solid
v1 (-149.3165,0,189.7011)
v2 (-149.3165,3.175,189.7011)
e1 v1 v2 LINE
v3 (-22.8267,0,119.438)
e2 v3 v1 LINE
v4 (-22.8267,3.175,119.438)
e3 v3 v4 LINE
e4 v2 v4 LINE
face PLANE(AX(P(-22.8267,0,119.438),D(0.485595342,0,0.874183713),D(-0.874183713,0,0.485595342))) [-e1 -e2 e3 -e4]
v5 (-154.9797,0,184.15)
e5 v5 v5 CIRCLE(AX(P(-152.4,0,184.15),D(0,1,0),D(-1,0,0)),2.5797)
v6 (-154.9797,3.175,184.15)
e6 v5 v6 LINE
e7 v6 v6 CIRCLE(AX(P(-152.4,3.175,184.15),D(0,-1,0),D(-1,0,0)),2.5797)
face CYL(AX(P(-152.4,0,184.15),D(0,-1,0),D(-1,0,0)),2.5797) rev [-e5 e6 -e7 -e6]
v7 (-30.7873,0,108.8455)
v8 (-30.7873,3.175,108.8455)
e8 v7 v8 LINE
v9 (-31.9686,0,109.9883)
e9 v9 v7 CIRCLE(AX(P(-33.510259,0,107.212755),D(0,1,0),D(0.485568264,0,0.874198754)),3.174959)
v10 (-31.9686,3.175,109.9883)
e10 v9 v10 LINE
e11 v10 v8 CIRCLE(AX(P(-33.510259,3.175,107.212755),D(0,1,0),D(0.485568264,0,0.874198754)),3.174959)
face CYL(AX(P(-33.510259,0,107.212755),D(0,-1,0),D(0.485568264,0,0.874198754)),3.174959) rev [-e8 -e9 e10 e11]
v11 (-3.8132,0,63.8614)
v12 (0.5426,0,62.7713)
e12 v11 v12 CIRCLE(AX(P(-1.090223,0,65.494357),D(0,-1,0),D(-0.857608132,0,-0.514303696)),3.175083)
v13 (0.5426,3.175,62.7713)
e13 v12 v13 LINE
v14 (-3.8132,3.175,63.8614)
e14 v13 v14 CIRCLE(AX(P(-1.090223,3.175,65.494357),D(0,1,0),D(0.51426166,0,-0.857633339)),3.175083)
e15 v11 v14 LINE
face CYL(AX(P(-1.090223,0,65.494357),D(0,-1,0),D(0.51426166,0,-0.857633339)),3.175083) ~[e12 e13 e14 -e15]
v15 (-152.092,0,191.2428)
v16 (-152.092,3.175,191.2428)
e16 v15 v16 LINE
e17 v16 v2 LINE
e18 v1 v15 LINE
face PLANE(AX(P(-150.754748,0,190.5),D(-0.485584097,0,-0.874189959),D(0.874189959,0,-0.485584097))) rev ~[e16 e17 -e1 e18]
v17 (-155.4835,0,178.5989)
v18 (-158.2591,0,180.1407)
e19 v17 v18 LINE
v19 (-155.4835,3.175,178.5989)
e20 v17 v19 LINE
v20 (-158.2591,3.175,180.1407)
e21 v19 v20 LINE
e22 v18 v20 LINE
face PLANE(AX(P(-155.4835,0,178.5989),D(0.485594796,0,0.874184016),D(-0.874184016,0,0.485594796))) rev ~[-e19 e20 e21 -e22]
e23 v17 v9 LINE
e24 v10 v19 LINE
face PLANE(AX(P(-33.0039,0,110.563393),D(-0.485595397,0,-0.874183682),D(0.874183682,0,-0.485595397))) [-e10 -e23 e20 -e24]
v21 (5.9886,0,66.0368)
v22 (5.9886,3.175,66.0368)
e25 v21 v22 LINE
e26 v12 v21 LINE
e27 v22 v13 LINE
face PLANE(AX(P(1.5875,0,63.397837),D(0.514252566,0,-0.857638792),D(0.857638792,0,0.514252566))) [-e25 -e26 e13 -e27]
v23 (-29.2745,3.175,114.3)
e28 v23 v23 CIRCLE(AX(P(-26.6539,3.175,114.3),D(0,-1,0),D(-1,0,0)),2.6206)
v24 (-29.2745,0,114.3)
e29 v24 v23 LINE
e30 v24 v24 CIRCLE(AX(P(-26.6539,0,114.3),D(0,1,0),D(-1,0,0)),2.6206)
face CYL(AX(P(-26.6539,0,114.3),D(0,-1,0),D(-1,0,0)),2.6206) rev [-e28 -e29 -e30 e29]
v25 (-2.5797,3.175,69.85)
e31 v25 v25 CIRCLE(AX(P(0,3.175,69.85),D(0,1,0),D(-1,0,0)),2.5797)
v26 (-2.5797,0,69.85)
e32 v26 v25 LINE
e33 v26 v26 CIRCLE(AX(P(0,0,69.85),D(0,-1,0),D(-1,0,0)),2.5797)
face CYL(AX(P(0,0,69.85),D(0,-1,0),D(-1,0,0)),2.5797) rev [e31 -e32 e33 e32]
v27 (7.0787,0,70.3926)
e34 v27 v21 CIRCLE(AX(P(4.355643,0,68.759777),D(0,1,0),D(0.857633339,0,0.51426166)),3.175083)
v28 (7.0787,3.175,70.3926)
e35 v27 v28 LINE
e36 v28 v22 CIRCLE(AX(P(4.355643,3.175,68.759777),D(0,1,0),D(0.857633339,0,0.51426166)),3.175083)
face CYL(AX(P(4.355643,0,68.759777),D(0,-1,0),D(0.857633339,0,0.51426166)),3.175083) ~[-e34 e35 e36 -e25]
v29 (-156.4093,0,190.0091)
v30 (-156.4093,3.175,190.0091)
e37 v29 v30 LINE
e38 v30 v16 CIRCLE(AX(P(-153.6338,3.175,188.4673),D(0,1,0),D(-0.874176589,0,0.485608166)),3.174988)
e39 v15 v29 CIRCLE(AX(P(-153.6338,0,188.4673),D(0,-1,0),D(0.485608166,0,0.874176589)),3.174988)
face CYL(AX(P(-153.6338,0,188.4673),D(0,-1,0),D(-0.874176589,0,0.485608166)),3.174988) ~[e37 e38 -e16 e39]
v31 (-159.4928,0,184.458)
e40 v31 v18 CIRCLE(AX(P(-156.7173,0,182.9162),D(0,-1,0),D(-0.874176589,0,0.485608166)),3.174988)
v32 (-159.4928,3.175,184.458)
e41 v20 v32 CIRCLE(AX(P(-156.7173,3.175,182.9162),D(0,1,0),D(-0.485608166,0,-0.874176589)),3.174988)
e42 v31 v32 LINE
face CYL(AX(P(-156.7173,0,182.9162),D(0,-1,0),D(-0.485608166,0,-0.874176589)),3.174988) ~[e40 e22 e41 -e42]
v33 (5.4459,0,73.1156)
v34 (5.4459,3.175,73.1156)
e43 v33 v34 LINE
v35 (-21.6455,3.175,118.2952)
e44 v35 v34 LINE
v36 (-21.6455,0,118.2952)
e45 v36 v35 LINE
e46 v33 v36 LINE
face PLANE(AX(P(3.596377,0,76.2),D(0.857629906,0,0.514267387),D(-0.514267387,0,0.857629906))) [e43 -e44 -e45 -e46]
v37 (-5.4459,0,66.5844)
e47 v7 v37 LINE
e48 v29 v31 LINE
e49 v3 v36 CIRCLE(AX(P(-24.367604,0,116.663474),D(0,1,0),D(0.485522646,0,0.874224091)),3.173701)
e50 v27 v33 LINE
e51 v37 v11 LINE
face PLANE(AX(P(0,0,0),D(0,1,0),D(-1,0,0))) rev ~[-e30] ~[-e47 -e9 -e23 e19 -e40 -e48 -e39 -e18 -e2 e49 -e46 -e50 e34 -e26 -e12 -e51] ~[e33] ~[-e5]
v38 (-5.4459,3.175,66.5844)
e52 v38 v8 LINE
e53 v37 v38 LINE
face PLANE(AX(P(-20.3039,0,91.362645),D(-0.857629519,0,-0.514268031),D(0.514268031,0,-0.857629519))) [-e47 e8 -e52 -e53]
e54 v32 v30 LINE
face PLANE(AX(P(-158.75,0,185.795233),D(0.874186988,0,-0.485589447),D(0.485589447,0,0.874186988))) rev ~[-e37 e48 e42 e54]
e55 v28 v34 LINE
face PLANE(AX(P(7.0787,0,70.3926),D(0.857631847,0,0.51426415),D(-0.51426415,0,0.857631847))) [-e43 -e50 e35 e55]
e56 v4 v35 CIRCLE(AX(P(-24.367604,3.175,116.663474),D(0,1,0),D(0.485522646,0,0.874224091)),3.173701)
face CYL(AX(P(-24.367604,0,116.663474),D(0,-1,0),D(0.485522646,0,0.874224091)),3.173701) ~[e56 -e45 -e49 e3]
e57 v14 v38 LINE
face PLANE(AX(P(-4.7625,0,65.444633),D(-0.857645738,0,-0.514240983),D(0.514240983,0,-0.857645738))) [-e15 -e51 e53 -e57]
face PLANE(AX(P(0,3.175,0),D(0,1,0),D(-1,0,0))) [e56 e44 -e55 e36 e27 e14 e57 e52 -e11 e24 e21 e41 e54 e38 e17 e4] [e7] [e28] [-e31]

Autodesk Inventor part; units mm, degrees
ref_plane "YZ Plane" through (0, 0, 0) normal (1, 0, 0) x (0, 1, 0)
ref_plane "XZ Plane" through (0, 0, 0) normal (0, 1, 0) x (-1, 0, 0)
ref_plane "XY Plane" through (0, 0, 0) normal (0, 0, 1) x (1, 0, 0)
sketch "Sketch1" plane through (0, 0, 0) normal (0, 1, 0) x (-1, 0, 0)
  line L0 (0, 76.2) -> (0, -76.2)
  line L1 (270.7338, 0) -> (-270.7338, 0)
  circle A0 centre (0, 69.85) radius 2.5797
  circle A1 centre (0, 44.45) radius 2.5797
  circle A2 centre (152.4, 158.75) radius 2.5797
  line L2 (158.75, 139.7) -> (158.75, 152.4)
  line L3 (158.75, 152.4) -> (273.05, 152.4)
  line L4 (273.05, 152.4) -> (273.05, 139.7)
  line L5 (273.05, 139.7) -> (158.75, 139.7)
  line L6 (146.05, 155.575) -> (158.75, 155.575)
  line L7 (158.75, 155.575) -> (158.75, 190.5)
  line L8 (158.75, 190.5) -> (146.05, 190.5)
  line L9 (146.05, 190.5) -> (146.05, 155.575)
  line L10 (158.75, 152.4) -> (273.05, 152.4)
  line L11 (273.05, 152.4) -> (273.05, 155.575)
  line L12 (273.05, 155.575) -> (158.75, 155.575)
  line L13 (158.75, 155.575) -> (158.75, 152.4)
  line L14 (158.75, 190.5) -> (273.05, 155.575)
  line L15 (266.7, 157.5153) -> (266.7, 155.575)
  circle A3 centre (152.4, 184.15) radius 2.5797
  circle A4 centre (152.4, 158.75) radius 2.5797
  line L16 (158.75, 155.575) -> (146.05, 155.575)
  line L17 (146.05, 155.575) -> (146.05, 152.4)
  line L18 (146.05, 152.4) -> (158.75, 152.4)
  line L19 (158.75, 152.4) -> (158.75, 155.575)
  line L20 (1.5875, 76.2) -> (-4.7625, 76.2)
  line L21 (-4.7625, 76.2) -> (-4.7625, -76.2)
  line L22 (-4.7625, -76.2) -> (1.5875, -76.2)
  line L23 (4.7625, -73.025) -> (4.7625, -41.275)
  line L24 (1.5875, -76.2) -> (1.5875, 76.2)
  line L25 (-1.5875, -76.2) -> (-1.5875, 76.2)
  circle A5 centre (0, -44.45) radius 2.5797
  circle A6 centre (0, -69.85) radius 2.5797
  line L26 (-4.7625, -38.1) -> (1.5875, -38.1)
  arc A7 (4.7625, -41.275) -> (1.5875, -38.1) centre (1.5875, -41.275) ccw
  arc A8 (1.5875, -76.2) -> (4.7625, -73.025) centre (1.5875, -73.025) ccw
  line L27 (-4.7625, 76.2) -> (4.7625, 76.2)
  line L28 (4.7625, 73.025) -> (4.7625, 41.275)
  line L29 (1.5875, 38.1) -> (-4.7625, 38.1)
  line L30 (-4.7625, 38.1) -> (-4.7625, 76.2)
  circle A9 centre (0, 69.85) radius 2.5797
  circle A10 centre (0, 44.45) radius 2.5797
  arc A11 (4.7625, 73.025) -> (1.5875, 76.2) centre (1.5875, 73.025) ccw
  arc A12 (1.5875, 38.1) -> (4.7625, 41.275) centre (1.5875, 41.275) ccw
  line L31 (152.4, 158.75) -> (27.7437, 90.2444)
  line L32 (27.7437, 90.2444) -> (0, 44.45)
  line L33 (5.4311, 41.1597) -> (-5.4311, 47.7403)
  line L34 (-5.4311, 47.7403) -> (22.7534, 94.2623)
  line L35 (32.6024, 100.1603) -> (38.8737, 96.361)
  line L36 (31.8523, 84.7712) -> (5.4311, 41.1597)
  line L37 (149.3417, 164.315) -> (155.4583, 153.185)
  line L38 (155.4583, 153.185) -> (33.0387, 85.9086)
  line L39 (21.1631, 79.3823) -> (17.6317, 85.8082)
  line L40 (23.9398, 95.3997) -> (149.3417, 164.315)
  arc A13 (23.9398, 95.3997) -> (22.7534, 94.2623) centre (25.4689, 92.6172) ccw
  arc A14 (33.0387, 85.9086) -> (31.8523, 84.7712) centre (34.5678, 83.1261) ccw
  circle A15 centre (152.4, 158.75) radius 2.5797
  circle A16 centre (0, 44.45) radius 2.5797
  line L41 (-5.4311, 47.7403) -> (5.4311, 41.1597)
  line L42 (5.4311, 41.1597) -> (3.7859, 38.4442)
  line L43 (-0.5748, 37.3738) -> (-6.0058, 40.6641)
  line L44 (-7.0762, 45.0248) -> (-5.4311, 47.7403)
  arc A17 (-7.0762, 45.0248) -> (-6.0058, 40.6641) centre (-4.3607, 43.3796) ccw
  arc A18 (-0.5748, 37.3738) -> (3.7859, 38.4442) centre (1.0704, 40.0893) ccw
  line L45 (149.3417, 164.315) -> (155.4583, 153.185)
  line L46 (155.4583, 153.185) -> (158.2408, 154.7141)
  line L47 (159.4942, 159.0258) -> (156.4359, 164.5908)
  line L48 (152.1242, 165.8442) -> (149.3417, 164.315)
  arc A19 (156.4359, 164.5908) -> (152.1242, 165.8442) centre (153.6534, 163.0616) ccw
  arc A20 (158.2408, 154.7141) -> (159.4942, 159.0258) centre (156.7116, 157.4966) ccw
  line L49 (152.4, 184.15) -> (26.6539, 114.3)
  line L50 (26.6539, 114.3) -> (0, 69.85)
  line L51 (5.4459, 66.5844) -> (-5.4459, 73.1156)
  line L52 (-5.4459, 73.1156) -> (21.6455, 118.2952)
  line L53 (31.4676, 124.2379) -> (37.756, 120.4671)
  line L54 (30.7873, 108.8455) -> (5.4459, 66.5844)
  line L55 (149.3165, 189.7011) -> (155.4835, 178.5989)
  line L56 (155.4835, 178.5989) -> (31.9686, 109.9883)
  line L57 (20.1227, 103.4081) -> (16.5622, 109.8179)
  line L58 (22.8267, 119.438) -> (149.3165, 189.7011)
  arc A21 (22.8267, 119.438) -> (21.6455, 118.2952) centre (24.3684, 116.6624) ccw
  arc A22 (31.9686, 109.9883) -> (30.7873, 108.8455) centre (33.5103, 107.2127) ccw
  circle A23 centre (152.4, 184.15) radius 2.5797
  circle A24 centre (26.6539, 114.3) radius 2.5797
  circle A25 centre (0, 69.85) radius 2.5797
  line L59 (-5.4459, 73.1156) -> (5.4459, 66.5844)
  line L60 (5.4459, 66.5844) -> (3.8132, 63.8614)
  line L61 (-0.5426, 62.7713) -> (-5.9886, 66.0368)
  line L62 (-7.0787, 70.3926) -> (-5.4459, 73.1156)
  arc A26 (-7.0787, 70.3926) -> (-5.9886, 66.0368) centre (-4.3558, 68.7598) ccw
  arc A27 (-0.5426, 62.7713) -> (3.8132, 63.8614) centre (1.0902, 65.4942) ccw
  line L63 (149.3165, 189.7011) -> (155.4835, 178.5989)
  line L64 (155.4835, 178.5989) -> (158.2591, 180.1407)
  line L65 (159.4928, 184.458) -> (156.4093, 190.0091)
  line L66 (152.092, 191.2428) -> (149.3165, 189.7011)
  arc A28 (156.4093, 190.0091) -> (152.092, 191.2428) centre (153.6338, 188.4673) ccw
  arc A29 (158.2591, 180.1407) -> (159.4928, 184.458) centre (156.7173, 182.9162) ccw
  line L67 (33.0039, 28.575) -> (33.0039, -28.575)
  line L68 (29.8289, -31.75) -> (23.4789, -31.75)
  line L69 (20.3039, -28.575) -> (20.3039, 28.575)
  line L70 (23.4789, 31.75) -> (29.8289, 31.75)
  line L71 (33.0039, 117.475) -> (33.0039, 22.225)
  line L72 (29.8289, 19.05) -> (23.4789, 19.05)
  line L73 (20.3039, 22.225) -> (20.3039, 117.475)
  line L74 (23.4789, 120.65) -> (29.8289, 120.65)
  circle A30 centre (26.6539, 25.4) radius 2.6206
  circle A31 centre (26.6539, -25.4) radius 2.6206
  circle A32 centre (26.6539, 25.4) radius 2.6206
  circle A33 centre (26.6539, 114.3) radius 2.6206
  arc A34 (33.0039, 28.575) -> (29.8289, 31.75) centre (29.8289, 28.575) ccw
  arc A35 (23.4789, 31.75) -> (20.3039, 28.575) centre (23.4789, 28.575) ccw
  arc A36 (20.3039, -28.575) -> (23.4789, -31.75) centre (23.4789, -28.575) ccw
  arc A37 (29.8289, -31.75) -> (33.0039, -28.575) centre (29.8289, -28.575) ccw
  arc A38 (20.3039, 22.225) -> (23.4789, 19.05) centre (23.4789, 22.225) ccw
  arc A39 (29.8289, 19.05) -> (33.0039, 22.225) centre (29.8289, 22.225) ccw
  arc A40 (33.0039, 117.475) -> (29.8289, 120.65) centre (29.8289, 117.475) ccw
  arc A41 (23.4789, 120.65) -> (20.3039, 117.475) centre (23.4789, 117.475) ccw
  point P0 (0, 0)
  point P1 (0, 0)
  point P2 (0, 44.45)
  point P3 (46.8631, 0)
  point P4 (2.1408, 35.7286)
  point P5 (161.0233, 156.2433)
  point P6 (2.1804, 61.1385)
  point P7 (161.0346, 181.6825)
  point P8 (33.0039, 31.75)
  point P9 (33.0039, -31.75)
  point P10 (33.0039, 120.65)
  point P11 (33.0039, 19.05)
  point P12 (20.3039, 19.05)
  point P13 (33.0039, 0)
  dimension "d4" = 5.1594
  dimension "d11" = 5.1594
  dimension "d17" = 152.4
  dimension "d56" = 12.7
  dimension "d57" = 114.3
  dimension "d58" = 3.175
  dimension "d61" = 6.35
  dimension "d63" = 5.1594
  dimension "d65" = 6.35
  dimension "d66" = 6.35
  dimension "d67" = 6.35
  dimension "d68" = 6.35
  dimension "d69" = 9.525
  dimension "d70" = 152.4
  dimension "d71" = 3.175
  dimension "d72" = 3.175
  dimension "d73" = 25.4
  dimension "d74" = 6.35
  dimension "d75" = 4.7625
  dimension "d76" = 4.7625
  dimension "d77" = 6.35
  dimension "d78" = 3.175
  dimension "d79" = 5.1594
  dimension "d80" = 25.4
  dimension "d81" = 6.35
  dimension "d82" = 4.7625
  dimension "d83" = 4.7625
  dimension "d84" = 6.35
  dimension "d85" = 3.175
  dimension "d89" = 190.5
  dimension "d92" = 150
  dimension "d94" = 142.24
  dimension "d95" = 12.7
  dimension "d96" = 3.175
  dimension "d97" = 6.35
  dimension "d98" = 3.175
  dimension "d99" = 6.35
  dimension "d100" = 3.175
  dimension "d101" = 5.1594
  dimension "d102" = 190.5
  dimension "d103" = 150
  dimension "d105" = 12.7
  dimension "d106" = 3.175
  dimension "d107" = 6.35
  dimension "d108" = 3.175
  dimension "d109" = 6.35
  dimension "d110" = 3.175
  dimension "d111" = 5.1594
  dimension "d112" = 12.7
  dimension "d113" = 12.7
  dimension "d114" = 76.2
  dimension "d115" = 4.7625
  dimension "d116" = 265.9713
  dimension "d117" = 42.1006
  dimension "d118" = 139.7
  dimension "d119" = 88.9
  dimension "d120" = 25.4
  dimension "d121" = 12.7
  dimension "d123" = 12.7
  dimension "d124" = 5.2413
  dimension "d125" = 6.35
  dimension "d126" = 6.35
  dimension "d127" = 6.35
  dimension "d128" = 6.35
sketch "Sketch2" plane through (0, 0, 0) normal (1, 0, 0) x (0, 1, 0)
  line L0 (0, 76.2) -> (0, -76.2)
  line L1 (270.7338, 0) -> (-270.7338, 0)
  circle A0 centre (0, 69.85) radius 2.5797
  circle A1 centre (0, 44.45) radius 2.5797
  circle A2 centre (188.7991, 19.05) radius 2.5797
  line L2 (195.1491, 0) -> (195.1491, 12.7)
  line L3 (195.1491, 12.7) -> (309.4491, 12.7)
  line L4 (309.4491, 12.7) -> (309.4491, 0)
  line L5 (309.4491, 0) -> (195.1491, 0)
  line L6 (182.4491, 15.875) -> (195.1491, 15.875)
  line L7 (195.1491, 15.875) -> (195.1491, 50.8)
  line L8 (195.1491, 50.8) -> (182.4491, 50.8)
  line L9 (182.4491, 50.8) -> (182.4491, 15.875)
  line L10 (195.1491, 12.7) -> (309.4491, 12.7)
  line L11 (309.4491, 12.7) -> (309.4491, 15.875)
  line L12 (309.4491, 15.875) -> (195.1491, 15.875)
  line L13 (195.1491, 15.875) -> (195.1491, 12.7)
  line L14 (195.1491, 50.8) -> (309.4491, 15.875)
  line L15 (303.0991, 17.8153) -> (303.0991, 15.875)
  circle A3 centre (188.7991, 44.45) radius 2.5797
  circle A4 centre (188.7991, 19.05) radius 2.5797
  line L16 (195.1491, 15.875) -> (182.4491, 15.875)
  line L17 (182.4491, 15.875) -> (182.4491, 12.7)
  line L18 (182.4491, 12.7) -> (195.1491, 12.7)
  line L19 (195.1491, 12.7) -> (195.1491, 15.875)
  line L20 (1.5875, 76.2) -> (-4.7625, 76.2)
  line L21 (-4.7625, 76.2) -> (-4.7625, -76.2)
  line L22 (-4.7625, -76.2) -> (1.5875, -76.2)
  line L23 (4.7625, -73.025) -> (4.7625, -41.275)
  line L24 (1.5875, -76.2) -> (1.5875, 76.2)
  line L25 (-1.5875, -76.2) -> (-1.5875, 76.2)
  circle A5 centre (0, -44.45) radius 2.5797
  circle A6 centre (0, -69.85) radius 2.5797
  line L26 (-4.7625, -38.1) -> (1.5875, -38.1)
  arc A7 (4.7625, -41.275) -> (1.5875, -38.1) centre (1.5875, -41.275) ccw
  arc A8 (1.5875, -76.2) -> (4.7625, -73.025) centre (1.5875, -73.025) ccw
  line L27 (-4.7625, 76.2) -> (4.7625, 76.2)
  line L28 (4.7625, 73.025) -> (4.7625, 41.275)
  line L29 (1.5875, 38.1) -> (-4.7625, 38.1)
  line L30 (-4.7625, 38.1) -> (-4.7625, 76.2)
  circle A9 centre (0, 69.85) radius 2.5797
  circle A10 centre (0, 44.45) radius 2.5797
  arc A11 (4.7625, 73.025) -> (1.5875, 76.2) centre (1.5875, 73.025) ccw
  arc A12 (1.5875, 38.1) -> (4.7625, 41.275) centre (1.5875, 41.275) ccw
  line L31 (188.7991, 19.05) -> (51.8933, 57.638)
  line L32 (51.8933, 57.638) -> (0, 44.45)
  line L33 (1.564, 38.2956) -> (-1.564, 50.6044)
  line L34 (-1.564, 50.6044) -> (51.1538, 64.0019)
  line L35 (62.311, 61.2991) -> (64.117, 54.1926)
  line L36 (50.9838, 50.855) -> (1.564, 38.2956)
  line L37 (190.5218, 25.1619) -> (187.0764, 12.9381)
  line L38 (187.0764, 12.9381) -> (52.6271, 50.8337)
  line L39 (39.5846, 54.5099) -> (41.5738, 61.5673)
  line L40 (52.7972, 63.9806) -> (190.5218, 25.1619)
  arc A13 (52.7972, 63.9806) -> (51.1538, 64.0019) centre (51.9358, 60.9247) ccw
  arc A14 (52.6271, 50.8337) -> (50.9838, 50.855) centre (51.7658, 47.7778) ccw
  circle A15 centre (188.7991, 19.05) radius 2.5797
  circle A16 centre (0, 44.45) radius 2.5797
  line L41 (-1.564, 50.6044) -> (1.564, 38.2956)
  line L42 (1.564, 38.2956) -> (-1.5131, 37.5136)
  line L43 (-5.3723, 39.8088) -> (-6.9364, 45.9631)
  line L44 (-4.6412, 49.8223) -> (-1.564, 50.6044)
  arc A17 (-4.6412, 49.8223) -> (-6.9364, 45.9631) centre (-3.8592, 46.7452) ccw
  arc A18 (-5.3723, 39.8088) -> (-1.5131, 37.5136) centre (-2.2952, 40.5908) ccw
  line L45 (190.5218, 25.1619) -> (187.0764, 12.9381)
  line L46 (187.0764, 12.9381) -> (190.1323, 12.0768)
  line L47 (194.0496, 14.2714) -> (195.7723, 20.3833)
  line L48 (193.5777, 24.3005) -> (190.5218, 25.1619)
  arc A19 (195.7723, 20.3833) -> (193.5777, 24.3005) centre (192.7163, 21.2446) ccw
  arc A20 (190.1323, 12.0768) -> (194.0496, 14.2714) centre (190.9937, 15.1327) ccw
  line L49 (194.0712, 39.6953) -> (195.7661, 45.8149)
  arc A21 (190.164, 37.4829) -> (194.0712, 39.6953) centre (191.0114, 40.5427) ccw
  arc A22 (195.7661, 45.8149) -> (193.5538, 49.7222) centre (192.7063, 46.6624) ccw
  line L50 (187.1042, 38.3304) -> (190.164, 37.4829)
  line L51 (193.5538, 49.7222) -> (190.494, 50.5696)
  circle A23 centre (188.7991, 44.45) radius 2.5797
  line L52 (190.494, 50.5696) -> (187.1042, 38.3304)
  line L53 (190.494, 50.5696) -> (187.1042, 38.3304)
  line L54 (60.5746, 86.5522) -> (62.4129, 79.4541)
  line L55 (187.1042, 38.3304) -> (50.9384, 76.043)
  line L56 (188.7991, 44.45) -> (50.1736, 82.8439)
  line L57 (51.0487, 89.1906) -> (190.494, 50.5696)
  line L58 (49.2949, 76.0568) -> (1.592, 63.7028)
  line L59 (-1.592, 75.9972) -> (49.4052, 89.2043)
  line L60 (50.1736, 82.8439) -> (0, 69.85)
  arc A24 (50.9384, 76.043) -> (49.2949, 76.0568) centre (50.0909, 72.9832) ccw
  arc A25 (51.0487, 89.1906) -> (49.4052, 89.2043) centre (50.2012, 86.1307) ccw
  circle A26 centre (50.1736, 82.8439) radius 2.5797
  line L61 (37.8792, 79.6599) -> (39.8363, 86.7262)
  line L62 (1.592, 63.7028) -> (-1.592, 75.9972)
  line L63 (1.592, 63.7028) -> (-1.4816, 62.9068)
  line L64 (-1.592, 75.9972) -> (1.592, 63.7028)
  circle A27 centre (0, 69.85) radius 2.5797
  line L65 (-4.6656, 75.2012) -> (-1.592, 75.9972)
  arc A28 (-5.3512, 65.1844) -> (-1.4816, 62.9068) centre (-2.2776, 65.9804) ccw
  line L66 (-5.3512, 65.1844) -> (-6.9432, 71.3316)
  arc A29 (-4.6656, 75.2012) -> (-6.9432, 71.3316) centre (-3.8696, 72.1276) ccw
  line L67 (124.3721, 28.575) -> (124.3721, -28.575)
  line L68 (121.1971, -31.75) -> (114.8471, -31.75)
  line L69 (111.6721, -28.575) -> (111.6721, 28.575)
  line L70 (114.8471, 31.75) -> (121.1971, 31.75)
  line L71 (51.8536, 89.7417) -> (124.5484, 28.1948)
  line L72 (124.92, 23.72) -> (120.8168, 18.8737)
  line L73 (116.3421, 18.5021) -> (43.6473, 80.0491)
  line L74 (43.2757, 84.5238) -> (47.3789, 89.3701)
  circle A30 centre (118.0221, 25.4) radius 2.6206
  circle A31 centre (118.0221, -25.4) radius 2.6206
  circle A32 centre (118.0221, 25.4) radius 2.6206
  circle A33 centre (50.1736, 82.8439) radius 2.6206
  arc A34 (124.3721, 28.575) -> (121.1971, 31.75) centre (121.1971, 28.575) ccw
  arc A35 (114.8471, 31.75) -> (111.6721, 28.575) centre (114.8471, 28.575) ccw
  arc A36 (111.6721, -28.575) -> (114.8471, -31.75) centre (114.8471, -28.575) ccw
  arc A37 (121.1971, -31.75) -> (124.3721, -28.575) centre (121.1971, -28.575) ccw
  arc A38 (116.3421, 18.5021) -> (120.8168, 18.8737) centre (118.3937, 20.9253) ccw
  arc A39 (124.92, 23.72) -> (124.5484, 28.1948) centre (122.4968, 25.7716) ccw
  arc A40 (51.8536, 89.7417) -> (47.3789, 89.3701) centre (49.802, 87.3186) ccw
  arc A41 (43.2757, 84.5238) -> (43.6473, 80.0491) centre (45.6989, 82.4723) ccw
  line L75 (50.1736, 82.8439) -> (118.0221, 25.4)
  line L76 (118.0221, -25.4) -> (118.0221, 25.4)
  line L77 (127.9831, -605.0736) -> (127.9831, -452.6736)
  line L78 (178.1568, -446.0297) -> (246.0052, -503.4736)
  line L79 (246.0052, -503.4736) -> (246.0052, -554.2736)
  line L80 (78.5716, -330.2354) -> (78.5716, -190.5354)
  line L81 (78.5716, -190.5354) -> (172.9711, -203.2354)
  line L82 (172.9711, -203.2354) -> (256.0081, -234.9854)
  line L83 (256.0081, -234.9854) -> (256.0081, -285.7854)
  line L84 (78.5716, -260.3854) -> (256.0081, -260.3854)
  line L85 (127.9831, -528.8736) -> (246.0052, -528.8736)
  line L86 (127.9831, -459.0236) -> (178.1568, -446.0297)
  line L87 (78.5716, -190.5354) -> (267.3706, -215.9354)
  line L88 (267.3706, -215.9354) -> (267.3706, -260.3854)
  point P0 (0, 0)
  point P1 (0, 0)
  point P2 (0, 44.45)
  point P3 (46.8631, 0)
  point P4 (-4.5903, 36.7316)
  point P5 (193.1883, 11.2155)
  point P6 (193.2238, 36.6355)
  point P7 (-4.5552, 62.1108)
  point P8 (124.3721, 31.75)
  point P9 (124.3721, -31.75)
  point P10 (49.4304, 91.7933)
  point P11 (126.9715, 26.1432)
  point P12 (118.7653, 16.4505)
  point P13 (124.3721, 0)
  point P14 (118.0221, 0)
  dimension "d145" = 5.1594
  dimension "d146" = 5.1594
  dimension "d147" = 152.4
  dimension "d148" = 12.7
  dimension "d149" = 114.3
  dimension "d150" = 3.175
  dimension "d151" = 6.35
  dimension "d152" = 5.1594
  dimension "d153" = 6.35
  dimension "d154" = 6.35
  dimension "d155" = 6.35
  dimension "d156" = 6.35
  dimension "d157" = 9.525
  dimension "d158" = 152.4
  dimension "d159" = 3.175
  dimension "d160" = 3.175
  dimension "d161" = 25.4
  dimension "d162" = 6.35
  dimension "d163" = 4.7625
  dimension "d164" = 4.7625
  dimension "d165" = 6.35
  dimension "d166" = 3.175
  dimension "d167" = 5.1594
  dimension "d168" = 25.4
  dimension "d169" = 6.35
  dimension "d170" = 4.7625
  dimension "d171" = 4.7625
  dimension "d172" = 6.35
  dimension "d173" = 3.175
  dimension "d174" = 190.5
  dimension "d175" = 150
  dimension "d176" = 142.24
  dimension "d177" = 12.7
  dimension "d178" = 3.175
  dimension "d179" = 6.35
  dimension "d180" = 3.175
  dimension "d181" = 6.35
  dimension "d182" = 3.175
  dimension "d183" = 5.1594
  dimension "d184" = 190.5
  dimension "d185" = 150
  dimension "d186" = 12.7
  dimension "d187" = 3.175
  dimension "d188" = 6.35
  dimension "d189" = 3.175
  dimension "d190" = 6.35
  dimension "d191" = 3.175
  dimension "d192" = 5.1594
  dimension "d193" = 12.7
  dimension "d194" = 12.7
  dimension "d195" = 76.2
  dimension "d196" = 4.7625
  dimension "d197" = 265.9713
  dimension "d198" = 42.1006
  dimension "d199" = 139.7
  dimension "d200" = 88.9
  dimension "d201" = 25.4
  dimension "d202" = 12.7
  dimension "d203" = 12.7
  dimension "d204" = 5.2413
  dimension "d205" = 6.35
  dimension "d206" = 6.35
  dimension "d207" = 6.35
  dimension "d208" = 6.35
extrude "Extrusion1" add sketch "Sketch1" along normal blind 3.175 contours L20 L24 L50 A0 L0 | L20 L52 L57 L50 L27 | L0 A0 L25 L20 | A11 L50 L24 | L27 L50 A11 | L25 A0 L51 L21 L52 L20 | L50 L24 A0 | L50 A11 L28 L51 A0 L24 | L50 L73 L54 L51 L28 A11 | A0 L24 A27 L0 | L0 A27 L61 L25 A0 | A0 L25 L61 L21 L51 | L57 L52 L73 L50 | L21 L51 L52 | A0 L51 L28 L60 A27 L24 | L21 L61 A26 L62 L51 | L73 L52 A21 L58 L74 A40 L49 A33 L50 | L50 A33 L49 A40 L71 L56 A22 L54 L73 | L51 L60 L28 | A40 L74 L58 L53 L49 | L49 L9 L56 L71 A40 | L53 L58 L9 L49 | L49 A3 L55 L56 L9 | L9 L58 L55 A3 L49 | L55 A3 L66 L8 A28 L65 L7 A29 L64 | L66 A28 L8 | L7 L65 A29
properties part number "Outer Gripper Bar"
